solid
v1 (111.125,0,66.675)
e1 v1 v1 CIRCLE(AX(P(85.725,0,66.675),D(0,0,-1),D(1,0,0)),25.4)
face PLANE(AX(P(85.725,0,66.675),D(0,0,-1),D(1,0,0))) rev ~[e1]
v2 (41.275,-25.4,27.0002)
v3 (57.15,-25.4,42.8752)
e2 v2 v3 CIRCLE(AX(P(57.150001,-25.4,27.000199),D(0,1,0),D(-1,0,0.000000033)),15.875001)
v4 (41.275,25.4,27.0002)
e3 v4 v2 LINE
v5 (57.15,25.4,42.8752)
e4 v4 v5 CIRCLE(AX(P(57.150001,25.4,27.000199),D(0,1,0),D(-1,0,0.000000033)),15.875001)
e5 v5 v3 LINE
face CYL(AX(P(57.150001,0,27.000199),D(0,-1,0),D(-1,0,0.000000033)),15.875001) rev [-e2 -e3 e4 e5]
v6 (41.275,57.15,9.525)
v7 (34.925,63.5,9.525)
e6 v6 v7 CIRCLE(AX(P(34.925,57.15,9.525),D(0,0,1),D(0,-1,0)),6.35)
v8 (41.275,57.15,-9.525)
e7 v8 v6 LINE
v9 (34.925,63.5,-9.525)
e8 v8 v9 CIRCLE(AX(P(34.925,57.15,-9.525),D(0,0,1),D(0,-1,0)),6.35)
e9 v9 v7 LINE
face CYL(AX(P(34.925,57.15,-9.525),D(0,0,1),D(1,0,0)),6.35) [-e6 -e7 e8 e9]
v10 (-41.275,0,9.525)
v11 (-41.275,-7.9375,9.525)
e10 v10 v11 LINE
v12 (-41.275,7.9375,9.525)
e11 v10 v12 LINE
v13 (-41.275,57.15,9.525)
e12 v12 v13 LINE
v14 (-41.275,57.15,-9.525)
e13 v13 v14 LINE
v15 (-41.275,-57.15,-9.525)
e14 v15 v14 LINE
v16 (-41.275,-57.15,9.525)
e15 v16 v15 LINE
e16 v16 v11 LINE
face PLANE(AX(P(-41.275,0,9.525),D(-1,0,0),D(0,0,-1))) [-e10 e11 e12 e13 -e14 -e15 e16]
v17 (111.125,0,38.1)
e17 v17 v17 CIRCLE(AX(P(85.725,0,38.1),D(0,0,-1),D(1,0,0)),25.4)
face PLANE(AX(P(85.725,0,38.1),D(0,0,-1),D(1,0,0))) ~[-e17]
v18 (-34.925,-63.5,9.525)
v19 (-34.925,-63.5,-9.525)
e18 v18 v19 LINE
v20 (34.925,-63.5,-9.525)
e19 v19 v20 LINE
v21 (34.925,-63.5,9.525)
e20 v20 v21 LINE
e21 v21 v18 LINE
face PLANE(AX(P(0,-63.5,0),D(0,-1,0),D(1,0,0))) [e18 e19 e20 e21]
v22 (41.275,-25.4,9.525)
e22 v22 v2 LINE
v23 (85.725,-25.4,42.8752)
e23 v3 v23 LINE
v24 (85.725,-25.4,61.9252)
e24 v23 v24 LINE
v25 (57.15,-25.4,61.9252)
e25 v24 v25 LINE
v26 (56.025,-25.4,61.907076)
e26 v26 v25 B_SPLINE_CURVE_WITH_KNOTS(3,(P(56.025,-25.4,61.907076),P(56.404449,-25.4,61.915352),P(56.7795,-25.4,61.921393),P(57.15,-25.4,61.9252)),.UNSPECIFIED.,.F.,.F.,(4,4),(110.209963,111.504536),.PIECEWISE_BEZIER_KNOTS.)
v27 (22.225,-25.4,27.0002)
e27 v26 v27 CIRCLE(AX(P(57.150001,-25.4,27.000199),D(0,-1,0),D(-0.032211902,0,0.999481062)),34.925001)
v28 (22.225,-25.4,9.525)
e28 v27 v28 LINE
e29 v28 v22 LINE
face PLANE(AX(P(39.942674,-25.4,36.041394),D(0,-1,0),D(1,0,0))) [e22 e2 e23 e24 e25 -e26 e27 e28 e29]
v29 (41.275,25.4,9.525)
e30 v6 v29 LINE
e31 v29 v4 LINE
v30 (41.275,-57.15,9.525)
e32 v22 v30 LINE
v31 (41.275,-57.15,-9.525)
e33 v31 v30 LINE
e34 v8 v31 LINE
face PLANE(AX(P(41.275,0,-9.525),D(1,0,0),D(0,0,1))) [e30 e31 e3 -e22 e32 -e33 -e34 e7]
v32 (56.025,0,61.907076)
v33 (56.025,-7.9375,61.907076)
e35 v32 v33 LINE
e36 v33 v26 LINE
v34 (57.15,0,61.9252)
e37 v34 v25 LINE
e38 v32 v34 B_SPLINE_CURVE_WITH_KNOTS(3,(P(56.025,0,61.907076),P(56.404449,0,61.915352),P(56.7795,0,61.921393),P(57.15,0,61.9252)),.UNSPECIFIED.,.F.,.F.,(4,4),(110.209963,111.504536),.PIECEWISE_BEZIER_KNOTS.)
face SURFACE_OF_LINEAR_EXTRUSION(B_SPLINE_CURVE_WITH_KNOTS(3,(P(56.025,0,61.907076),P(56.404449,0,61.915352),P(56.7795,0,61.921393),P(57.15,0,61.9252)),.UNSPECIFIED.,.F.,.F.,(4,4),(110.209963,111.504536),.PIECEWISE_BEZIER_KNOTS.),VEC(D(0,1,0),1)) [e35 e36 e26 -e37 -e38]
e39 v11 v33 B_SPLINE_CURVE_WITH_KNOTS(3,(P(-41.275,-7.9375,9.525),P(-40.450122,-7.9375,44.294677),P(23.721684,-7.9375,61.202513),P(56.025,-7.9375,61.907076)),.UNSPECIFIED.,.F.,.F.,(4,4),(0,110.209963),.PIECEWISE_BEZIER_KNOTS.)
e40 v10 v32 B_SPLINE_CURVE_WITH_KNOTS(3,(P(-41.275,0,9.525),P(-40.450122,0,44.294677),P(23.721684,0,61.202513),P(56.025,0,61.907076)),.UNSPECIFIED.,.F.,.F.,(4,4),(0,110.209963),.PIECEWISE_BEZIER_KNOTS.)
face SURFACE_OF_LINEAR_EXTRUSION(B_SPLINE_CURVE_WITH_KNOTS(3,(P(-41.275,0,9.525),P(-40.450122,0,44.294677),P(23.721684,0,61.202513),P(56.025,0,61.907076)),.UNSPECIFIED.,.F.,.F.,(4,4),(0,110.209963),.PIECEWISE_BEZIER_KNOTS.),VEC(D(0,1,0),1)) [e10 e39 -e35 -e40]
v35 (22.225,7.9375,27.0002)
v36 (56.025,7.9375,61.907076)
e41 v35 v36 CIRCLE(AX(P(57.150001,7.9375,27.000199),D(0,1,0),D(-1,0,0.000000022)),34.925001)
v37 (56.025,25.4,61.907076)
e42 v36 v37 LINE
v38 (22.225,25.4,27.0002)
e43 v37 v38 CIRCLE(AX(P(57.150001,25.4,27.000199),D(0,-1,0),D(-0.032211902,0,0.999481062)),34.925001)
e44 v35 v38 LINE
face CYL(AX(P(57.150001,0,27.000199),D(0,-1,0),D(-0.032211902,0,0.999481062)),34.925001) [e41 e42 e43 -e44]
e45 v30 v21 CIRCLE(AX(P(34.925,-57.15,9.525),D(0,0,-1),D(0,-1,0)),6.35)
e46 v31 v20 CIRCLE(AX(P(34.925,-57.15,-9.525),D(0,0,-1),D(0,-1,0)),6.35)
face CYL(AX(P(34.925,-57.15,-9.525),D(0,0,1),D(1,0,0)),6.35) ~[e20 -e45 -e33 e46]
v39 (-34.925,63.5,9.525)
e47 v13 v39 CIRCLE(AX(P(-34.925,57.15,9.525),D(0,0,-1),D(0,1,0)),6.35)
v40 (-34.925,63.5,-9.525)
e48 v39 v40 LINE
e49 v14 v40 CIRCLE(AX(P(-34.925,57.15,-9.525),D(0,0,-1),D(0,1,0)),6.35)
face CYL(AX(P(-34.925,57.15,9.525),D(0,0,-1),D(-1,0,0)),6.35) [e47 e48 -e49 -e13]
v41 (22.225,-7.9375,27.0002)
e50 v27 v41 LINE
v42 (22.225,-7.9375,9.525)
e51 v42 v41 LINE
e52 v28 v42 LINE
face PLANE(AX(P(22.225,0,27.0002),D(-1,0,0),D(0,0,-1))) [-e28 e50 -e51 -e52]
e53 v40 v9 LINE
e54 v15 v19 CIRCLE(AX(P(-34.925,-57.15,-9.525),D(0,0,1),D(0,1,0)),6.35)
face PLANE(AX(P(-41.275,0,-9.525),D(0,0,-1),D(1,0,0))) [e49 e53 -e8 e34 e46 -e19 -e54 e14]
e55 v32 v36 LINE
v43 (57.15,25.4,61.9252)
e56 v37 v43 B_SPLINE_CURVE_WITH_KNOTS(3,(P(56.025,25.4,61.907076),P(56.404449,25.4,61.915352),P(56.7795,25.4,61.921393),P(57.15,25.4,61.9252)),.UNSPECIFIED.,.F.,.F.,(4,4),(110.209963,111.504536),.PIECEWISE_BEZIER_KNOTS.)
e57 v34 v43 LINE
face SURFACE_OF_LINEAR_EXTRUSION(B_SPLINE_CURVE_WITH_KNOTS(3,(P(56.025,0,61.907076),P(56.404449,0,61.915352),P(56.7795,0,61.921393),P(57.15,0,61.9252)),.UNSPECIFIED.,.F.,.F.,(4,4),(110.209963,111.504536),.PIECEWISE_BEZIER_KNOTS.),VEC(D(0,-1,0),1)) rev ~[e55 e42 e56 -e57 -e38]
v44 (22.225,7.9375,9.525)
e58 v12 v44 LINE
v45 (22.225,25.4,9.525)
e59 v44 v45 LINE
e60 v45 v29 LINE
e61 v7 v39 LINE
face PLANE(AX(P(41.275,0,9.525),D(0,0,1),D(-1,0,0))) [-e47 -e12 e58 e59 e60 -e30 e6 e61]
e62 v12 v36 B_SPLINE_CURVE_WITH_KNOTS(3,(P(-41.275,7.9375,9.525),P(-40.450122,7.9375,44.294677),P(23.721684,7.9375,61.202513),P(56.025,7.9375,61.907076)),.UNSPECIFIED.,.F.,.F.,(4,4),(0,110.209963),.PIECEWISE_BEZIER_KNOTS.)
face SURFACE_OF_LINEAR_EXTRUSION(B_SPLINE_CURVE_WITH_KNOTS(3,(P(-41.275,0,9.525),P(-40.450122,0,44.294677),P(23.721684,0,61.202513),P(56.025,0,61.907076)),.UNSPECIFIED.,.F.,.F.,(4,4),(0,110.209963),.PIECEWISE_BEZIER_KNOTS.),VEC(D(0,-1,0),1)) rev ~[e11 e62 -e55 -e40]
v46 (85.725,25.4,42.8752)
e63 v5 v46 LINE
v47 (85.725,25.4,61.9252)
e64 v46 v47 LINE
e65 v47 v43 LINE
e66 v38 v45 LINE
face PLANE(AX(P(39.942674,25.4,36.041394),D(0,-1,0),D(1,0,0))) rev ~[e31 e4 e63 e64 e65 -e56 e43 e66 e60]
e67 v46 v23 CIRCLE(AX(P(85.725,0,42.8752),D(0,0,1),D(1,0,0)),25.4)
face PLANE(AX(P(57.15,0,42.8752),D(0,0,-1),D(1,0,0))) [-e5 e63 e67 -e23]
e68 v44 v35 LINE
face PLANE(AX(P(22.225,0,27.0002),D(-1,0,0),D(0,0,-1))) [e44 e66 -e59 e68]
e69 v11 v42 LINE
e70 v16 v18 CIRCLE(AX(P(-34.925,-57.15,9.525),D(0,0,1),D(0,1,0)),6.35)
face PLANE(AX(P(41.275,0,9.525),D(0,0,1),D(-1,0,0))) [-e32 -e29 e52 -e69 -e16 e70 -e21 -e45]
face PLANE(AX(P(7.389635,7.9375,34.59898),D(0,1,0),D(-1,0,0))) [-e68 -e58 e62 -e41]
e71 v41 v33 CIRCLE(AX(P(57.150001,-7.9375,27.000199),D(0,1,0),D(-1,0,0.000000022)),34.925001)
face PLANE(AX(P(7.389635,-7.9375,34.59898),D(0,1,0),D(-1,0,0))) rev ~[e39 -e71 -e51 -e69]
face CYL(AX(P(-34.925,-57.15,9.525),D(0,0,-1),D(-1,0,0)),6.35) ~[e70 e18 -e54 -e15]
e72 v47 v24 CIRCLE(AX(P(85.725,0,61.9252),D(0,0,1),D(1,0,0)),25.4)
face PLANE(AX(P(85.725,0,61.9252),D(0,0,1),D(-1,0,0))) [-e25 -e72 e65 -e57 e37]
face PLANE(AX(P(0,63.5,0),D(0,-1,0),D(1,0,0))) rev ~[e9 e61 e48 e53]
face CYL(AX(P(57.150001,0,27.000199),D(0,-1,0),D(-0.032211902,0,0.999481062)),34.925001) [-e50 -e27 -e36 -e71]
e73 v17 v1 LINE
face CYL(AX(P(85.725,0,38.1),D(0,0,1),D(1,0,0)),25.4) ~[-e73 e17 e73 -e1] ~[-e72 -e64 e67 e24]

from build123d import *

# Parameters (mm, degrees)
F1_DEPTH = 63.5
F2_DEPTH = 25.4
F3_DEPTH = 7.9375
F5_R     = 6.35


with BuildPart() as f1:
    # F0 (on Front) → F1 (new body, symmetric)
    with BuildSketch(Plane.XZ):
        Polygon((-41.275, -9.525), (41.275, -9.525), (41.275, 9.525), (22.225, 9.525), (-41.275, 9.525), align=None)
    extrude(amount=F1_DEPTH, both=True)

    # F0 (on Front) → F2 (join, symmetric)
    with BuildSketch(Plane.XZ):
        with BuildLine():
            Line((22.225, 9.525), (41.275, 9.525))
            Line((41.275, 9.525), (41.275, 27.0002))
            ThreePointArc((41.275, 27.0002), (45.92468, 38.22552), (57.15, 42.8752))
            Line((57.15, 42.8752), (60.325, 42.8752))
            Line((60.325, 42.8752), (60.325, 61.9252))
            Line((60.325, 61.9252), (57.15, 61.9252))
            add(Edge.make_bspline(
                [(56.025, 61.907076), (56.404449, 61.915352), (56.7795, 61.921393), (57.15, 61.9252)],
                knots=[110.209963, 110.209963, 110.209963, 110.209963, 111.504536, 111.504536, 111.504536, 111.504536], degree=3))
            ThreePointArc((56.025, 61.907076), (32.059701, 51.294901), (22.225, 27.0002))
            Line((22.225, 27.0002), (22.225, 9.525))
        make_face()
        Polygon((60.325, 61.9252), (60.325, 42.8752), (70.739483, 42.8752), (85.725, 42.8752), (85.725, 52.3875), (85.725, 61.9252), (70.739483, 61.9252), align=None)
    extrude(amount=F2_DEPTH, both=True)

    # F0 (on Front) → F3 (join, symmetric)
    with BuildSketch(Plane.XZ):
        with BuildLine():
            add(Edge.make_bspline(
                [(-41.275, 9.525), (-40.450122, 44.294677), (23.721684, 61.202513), (56.025, 61.907076)],
                knots=[0, 0, 0, 0, 110.209963, 110.209963, 110.209963, 110.209963], degree=3))
            Line((-41.275, 9.525), (22.225, 9.525))
            Line((22.225, 9.525), (22.225, 27.0002))
            ThreePointArc((22.225, 27.0002), (32.059701, 51.294901), (56.025, 61.907076))
        make_face()
    extrude(amount=F3_DEPTH, both=True)

    # F0 (on Front) → F4 (revolve)
    with BuildSketch(Plane.XZ):
        Polygon((85.725, 42.8752), (85.725, 38.1), (111.125, 38.1), (111.125, 66.675), (85.725, 66.675), (85.725, 61.9252), (85.725, 52.3875), align=None)
    revolve(axis=Axis((85.725, 0, 40.4876), (0, 0, -1)))

    # F5
    f5_edges = [f1.edges().sort_by_distance(p)[0] for p in [
        (-41.275, -63.5, 0),
        (41.275, -63.5, 0),
        (41.275, 63.5, 0),
        (-41.275, 63.5, 0),
    ]]
    fillet(f5_edges, radius=F5_R)


solid = f1.part
